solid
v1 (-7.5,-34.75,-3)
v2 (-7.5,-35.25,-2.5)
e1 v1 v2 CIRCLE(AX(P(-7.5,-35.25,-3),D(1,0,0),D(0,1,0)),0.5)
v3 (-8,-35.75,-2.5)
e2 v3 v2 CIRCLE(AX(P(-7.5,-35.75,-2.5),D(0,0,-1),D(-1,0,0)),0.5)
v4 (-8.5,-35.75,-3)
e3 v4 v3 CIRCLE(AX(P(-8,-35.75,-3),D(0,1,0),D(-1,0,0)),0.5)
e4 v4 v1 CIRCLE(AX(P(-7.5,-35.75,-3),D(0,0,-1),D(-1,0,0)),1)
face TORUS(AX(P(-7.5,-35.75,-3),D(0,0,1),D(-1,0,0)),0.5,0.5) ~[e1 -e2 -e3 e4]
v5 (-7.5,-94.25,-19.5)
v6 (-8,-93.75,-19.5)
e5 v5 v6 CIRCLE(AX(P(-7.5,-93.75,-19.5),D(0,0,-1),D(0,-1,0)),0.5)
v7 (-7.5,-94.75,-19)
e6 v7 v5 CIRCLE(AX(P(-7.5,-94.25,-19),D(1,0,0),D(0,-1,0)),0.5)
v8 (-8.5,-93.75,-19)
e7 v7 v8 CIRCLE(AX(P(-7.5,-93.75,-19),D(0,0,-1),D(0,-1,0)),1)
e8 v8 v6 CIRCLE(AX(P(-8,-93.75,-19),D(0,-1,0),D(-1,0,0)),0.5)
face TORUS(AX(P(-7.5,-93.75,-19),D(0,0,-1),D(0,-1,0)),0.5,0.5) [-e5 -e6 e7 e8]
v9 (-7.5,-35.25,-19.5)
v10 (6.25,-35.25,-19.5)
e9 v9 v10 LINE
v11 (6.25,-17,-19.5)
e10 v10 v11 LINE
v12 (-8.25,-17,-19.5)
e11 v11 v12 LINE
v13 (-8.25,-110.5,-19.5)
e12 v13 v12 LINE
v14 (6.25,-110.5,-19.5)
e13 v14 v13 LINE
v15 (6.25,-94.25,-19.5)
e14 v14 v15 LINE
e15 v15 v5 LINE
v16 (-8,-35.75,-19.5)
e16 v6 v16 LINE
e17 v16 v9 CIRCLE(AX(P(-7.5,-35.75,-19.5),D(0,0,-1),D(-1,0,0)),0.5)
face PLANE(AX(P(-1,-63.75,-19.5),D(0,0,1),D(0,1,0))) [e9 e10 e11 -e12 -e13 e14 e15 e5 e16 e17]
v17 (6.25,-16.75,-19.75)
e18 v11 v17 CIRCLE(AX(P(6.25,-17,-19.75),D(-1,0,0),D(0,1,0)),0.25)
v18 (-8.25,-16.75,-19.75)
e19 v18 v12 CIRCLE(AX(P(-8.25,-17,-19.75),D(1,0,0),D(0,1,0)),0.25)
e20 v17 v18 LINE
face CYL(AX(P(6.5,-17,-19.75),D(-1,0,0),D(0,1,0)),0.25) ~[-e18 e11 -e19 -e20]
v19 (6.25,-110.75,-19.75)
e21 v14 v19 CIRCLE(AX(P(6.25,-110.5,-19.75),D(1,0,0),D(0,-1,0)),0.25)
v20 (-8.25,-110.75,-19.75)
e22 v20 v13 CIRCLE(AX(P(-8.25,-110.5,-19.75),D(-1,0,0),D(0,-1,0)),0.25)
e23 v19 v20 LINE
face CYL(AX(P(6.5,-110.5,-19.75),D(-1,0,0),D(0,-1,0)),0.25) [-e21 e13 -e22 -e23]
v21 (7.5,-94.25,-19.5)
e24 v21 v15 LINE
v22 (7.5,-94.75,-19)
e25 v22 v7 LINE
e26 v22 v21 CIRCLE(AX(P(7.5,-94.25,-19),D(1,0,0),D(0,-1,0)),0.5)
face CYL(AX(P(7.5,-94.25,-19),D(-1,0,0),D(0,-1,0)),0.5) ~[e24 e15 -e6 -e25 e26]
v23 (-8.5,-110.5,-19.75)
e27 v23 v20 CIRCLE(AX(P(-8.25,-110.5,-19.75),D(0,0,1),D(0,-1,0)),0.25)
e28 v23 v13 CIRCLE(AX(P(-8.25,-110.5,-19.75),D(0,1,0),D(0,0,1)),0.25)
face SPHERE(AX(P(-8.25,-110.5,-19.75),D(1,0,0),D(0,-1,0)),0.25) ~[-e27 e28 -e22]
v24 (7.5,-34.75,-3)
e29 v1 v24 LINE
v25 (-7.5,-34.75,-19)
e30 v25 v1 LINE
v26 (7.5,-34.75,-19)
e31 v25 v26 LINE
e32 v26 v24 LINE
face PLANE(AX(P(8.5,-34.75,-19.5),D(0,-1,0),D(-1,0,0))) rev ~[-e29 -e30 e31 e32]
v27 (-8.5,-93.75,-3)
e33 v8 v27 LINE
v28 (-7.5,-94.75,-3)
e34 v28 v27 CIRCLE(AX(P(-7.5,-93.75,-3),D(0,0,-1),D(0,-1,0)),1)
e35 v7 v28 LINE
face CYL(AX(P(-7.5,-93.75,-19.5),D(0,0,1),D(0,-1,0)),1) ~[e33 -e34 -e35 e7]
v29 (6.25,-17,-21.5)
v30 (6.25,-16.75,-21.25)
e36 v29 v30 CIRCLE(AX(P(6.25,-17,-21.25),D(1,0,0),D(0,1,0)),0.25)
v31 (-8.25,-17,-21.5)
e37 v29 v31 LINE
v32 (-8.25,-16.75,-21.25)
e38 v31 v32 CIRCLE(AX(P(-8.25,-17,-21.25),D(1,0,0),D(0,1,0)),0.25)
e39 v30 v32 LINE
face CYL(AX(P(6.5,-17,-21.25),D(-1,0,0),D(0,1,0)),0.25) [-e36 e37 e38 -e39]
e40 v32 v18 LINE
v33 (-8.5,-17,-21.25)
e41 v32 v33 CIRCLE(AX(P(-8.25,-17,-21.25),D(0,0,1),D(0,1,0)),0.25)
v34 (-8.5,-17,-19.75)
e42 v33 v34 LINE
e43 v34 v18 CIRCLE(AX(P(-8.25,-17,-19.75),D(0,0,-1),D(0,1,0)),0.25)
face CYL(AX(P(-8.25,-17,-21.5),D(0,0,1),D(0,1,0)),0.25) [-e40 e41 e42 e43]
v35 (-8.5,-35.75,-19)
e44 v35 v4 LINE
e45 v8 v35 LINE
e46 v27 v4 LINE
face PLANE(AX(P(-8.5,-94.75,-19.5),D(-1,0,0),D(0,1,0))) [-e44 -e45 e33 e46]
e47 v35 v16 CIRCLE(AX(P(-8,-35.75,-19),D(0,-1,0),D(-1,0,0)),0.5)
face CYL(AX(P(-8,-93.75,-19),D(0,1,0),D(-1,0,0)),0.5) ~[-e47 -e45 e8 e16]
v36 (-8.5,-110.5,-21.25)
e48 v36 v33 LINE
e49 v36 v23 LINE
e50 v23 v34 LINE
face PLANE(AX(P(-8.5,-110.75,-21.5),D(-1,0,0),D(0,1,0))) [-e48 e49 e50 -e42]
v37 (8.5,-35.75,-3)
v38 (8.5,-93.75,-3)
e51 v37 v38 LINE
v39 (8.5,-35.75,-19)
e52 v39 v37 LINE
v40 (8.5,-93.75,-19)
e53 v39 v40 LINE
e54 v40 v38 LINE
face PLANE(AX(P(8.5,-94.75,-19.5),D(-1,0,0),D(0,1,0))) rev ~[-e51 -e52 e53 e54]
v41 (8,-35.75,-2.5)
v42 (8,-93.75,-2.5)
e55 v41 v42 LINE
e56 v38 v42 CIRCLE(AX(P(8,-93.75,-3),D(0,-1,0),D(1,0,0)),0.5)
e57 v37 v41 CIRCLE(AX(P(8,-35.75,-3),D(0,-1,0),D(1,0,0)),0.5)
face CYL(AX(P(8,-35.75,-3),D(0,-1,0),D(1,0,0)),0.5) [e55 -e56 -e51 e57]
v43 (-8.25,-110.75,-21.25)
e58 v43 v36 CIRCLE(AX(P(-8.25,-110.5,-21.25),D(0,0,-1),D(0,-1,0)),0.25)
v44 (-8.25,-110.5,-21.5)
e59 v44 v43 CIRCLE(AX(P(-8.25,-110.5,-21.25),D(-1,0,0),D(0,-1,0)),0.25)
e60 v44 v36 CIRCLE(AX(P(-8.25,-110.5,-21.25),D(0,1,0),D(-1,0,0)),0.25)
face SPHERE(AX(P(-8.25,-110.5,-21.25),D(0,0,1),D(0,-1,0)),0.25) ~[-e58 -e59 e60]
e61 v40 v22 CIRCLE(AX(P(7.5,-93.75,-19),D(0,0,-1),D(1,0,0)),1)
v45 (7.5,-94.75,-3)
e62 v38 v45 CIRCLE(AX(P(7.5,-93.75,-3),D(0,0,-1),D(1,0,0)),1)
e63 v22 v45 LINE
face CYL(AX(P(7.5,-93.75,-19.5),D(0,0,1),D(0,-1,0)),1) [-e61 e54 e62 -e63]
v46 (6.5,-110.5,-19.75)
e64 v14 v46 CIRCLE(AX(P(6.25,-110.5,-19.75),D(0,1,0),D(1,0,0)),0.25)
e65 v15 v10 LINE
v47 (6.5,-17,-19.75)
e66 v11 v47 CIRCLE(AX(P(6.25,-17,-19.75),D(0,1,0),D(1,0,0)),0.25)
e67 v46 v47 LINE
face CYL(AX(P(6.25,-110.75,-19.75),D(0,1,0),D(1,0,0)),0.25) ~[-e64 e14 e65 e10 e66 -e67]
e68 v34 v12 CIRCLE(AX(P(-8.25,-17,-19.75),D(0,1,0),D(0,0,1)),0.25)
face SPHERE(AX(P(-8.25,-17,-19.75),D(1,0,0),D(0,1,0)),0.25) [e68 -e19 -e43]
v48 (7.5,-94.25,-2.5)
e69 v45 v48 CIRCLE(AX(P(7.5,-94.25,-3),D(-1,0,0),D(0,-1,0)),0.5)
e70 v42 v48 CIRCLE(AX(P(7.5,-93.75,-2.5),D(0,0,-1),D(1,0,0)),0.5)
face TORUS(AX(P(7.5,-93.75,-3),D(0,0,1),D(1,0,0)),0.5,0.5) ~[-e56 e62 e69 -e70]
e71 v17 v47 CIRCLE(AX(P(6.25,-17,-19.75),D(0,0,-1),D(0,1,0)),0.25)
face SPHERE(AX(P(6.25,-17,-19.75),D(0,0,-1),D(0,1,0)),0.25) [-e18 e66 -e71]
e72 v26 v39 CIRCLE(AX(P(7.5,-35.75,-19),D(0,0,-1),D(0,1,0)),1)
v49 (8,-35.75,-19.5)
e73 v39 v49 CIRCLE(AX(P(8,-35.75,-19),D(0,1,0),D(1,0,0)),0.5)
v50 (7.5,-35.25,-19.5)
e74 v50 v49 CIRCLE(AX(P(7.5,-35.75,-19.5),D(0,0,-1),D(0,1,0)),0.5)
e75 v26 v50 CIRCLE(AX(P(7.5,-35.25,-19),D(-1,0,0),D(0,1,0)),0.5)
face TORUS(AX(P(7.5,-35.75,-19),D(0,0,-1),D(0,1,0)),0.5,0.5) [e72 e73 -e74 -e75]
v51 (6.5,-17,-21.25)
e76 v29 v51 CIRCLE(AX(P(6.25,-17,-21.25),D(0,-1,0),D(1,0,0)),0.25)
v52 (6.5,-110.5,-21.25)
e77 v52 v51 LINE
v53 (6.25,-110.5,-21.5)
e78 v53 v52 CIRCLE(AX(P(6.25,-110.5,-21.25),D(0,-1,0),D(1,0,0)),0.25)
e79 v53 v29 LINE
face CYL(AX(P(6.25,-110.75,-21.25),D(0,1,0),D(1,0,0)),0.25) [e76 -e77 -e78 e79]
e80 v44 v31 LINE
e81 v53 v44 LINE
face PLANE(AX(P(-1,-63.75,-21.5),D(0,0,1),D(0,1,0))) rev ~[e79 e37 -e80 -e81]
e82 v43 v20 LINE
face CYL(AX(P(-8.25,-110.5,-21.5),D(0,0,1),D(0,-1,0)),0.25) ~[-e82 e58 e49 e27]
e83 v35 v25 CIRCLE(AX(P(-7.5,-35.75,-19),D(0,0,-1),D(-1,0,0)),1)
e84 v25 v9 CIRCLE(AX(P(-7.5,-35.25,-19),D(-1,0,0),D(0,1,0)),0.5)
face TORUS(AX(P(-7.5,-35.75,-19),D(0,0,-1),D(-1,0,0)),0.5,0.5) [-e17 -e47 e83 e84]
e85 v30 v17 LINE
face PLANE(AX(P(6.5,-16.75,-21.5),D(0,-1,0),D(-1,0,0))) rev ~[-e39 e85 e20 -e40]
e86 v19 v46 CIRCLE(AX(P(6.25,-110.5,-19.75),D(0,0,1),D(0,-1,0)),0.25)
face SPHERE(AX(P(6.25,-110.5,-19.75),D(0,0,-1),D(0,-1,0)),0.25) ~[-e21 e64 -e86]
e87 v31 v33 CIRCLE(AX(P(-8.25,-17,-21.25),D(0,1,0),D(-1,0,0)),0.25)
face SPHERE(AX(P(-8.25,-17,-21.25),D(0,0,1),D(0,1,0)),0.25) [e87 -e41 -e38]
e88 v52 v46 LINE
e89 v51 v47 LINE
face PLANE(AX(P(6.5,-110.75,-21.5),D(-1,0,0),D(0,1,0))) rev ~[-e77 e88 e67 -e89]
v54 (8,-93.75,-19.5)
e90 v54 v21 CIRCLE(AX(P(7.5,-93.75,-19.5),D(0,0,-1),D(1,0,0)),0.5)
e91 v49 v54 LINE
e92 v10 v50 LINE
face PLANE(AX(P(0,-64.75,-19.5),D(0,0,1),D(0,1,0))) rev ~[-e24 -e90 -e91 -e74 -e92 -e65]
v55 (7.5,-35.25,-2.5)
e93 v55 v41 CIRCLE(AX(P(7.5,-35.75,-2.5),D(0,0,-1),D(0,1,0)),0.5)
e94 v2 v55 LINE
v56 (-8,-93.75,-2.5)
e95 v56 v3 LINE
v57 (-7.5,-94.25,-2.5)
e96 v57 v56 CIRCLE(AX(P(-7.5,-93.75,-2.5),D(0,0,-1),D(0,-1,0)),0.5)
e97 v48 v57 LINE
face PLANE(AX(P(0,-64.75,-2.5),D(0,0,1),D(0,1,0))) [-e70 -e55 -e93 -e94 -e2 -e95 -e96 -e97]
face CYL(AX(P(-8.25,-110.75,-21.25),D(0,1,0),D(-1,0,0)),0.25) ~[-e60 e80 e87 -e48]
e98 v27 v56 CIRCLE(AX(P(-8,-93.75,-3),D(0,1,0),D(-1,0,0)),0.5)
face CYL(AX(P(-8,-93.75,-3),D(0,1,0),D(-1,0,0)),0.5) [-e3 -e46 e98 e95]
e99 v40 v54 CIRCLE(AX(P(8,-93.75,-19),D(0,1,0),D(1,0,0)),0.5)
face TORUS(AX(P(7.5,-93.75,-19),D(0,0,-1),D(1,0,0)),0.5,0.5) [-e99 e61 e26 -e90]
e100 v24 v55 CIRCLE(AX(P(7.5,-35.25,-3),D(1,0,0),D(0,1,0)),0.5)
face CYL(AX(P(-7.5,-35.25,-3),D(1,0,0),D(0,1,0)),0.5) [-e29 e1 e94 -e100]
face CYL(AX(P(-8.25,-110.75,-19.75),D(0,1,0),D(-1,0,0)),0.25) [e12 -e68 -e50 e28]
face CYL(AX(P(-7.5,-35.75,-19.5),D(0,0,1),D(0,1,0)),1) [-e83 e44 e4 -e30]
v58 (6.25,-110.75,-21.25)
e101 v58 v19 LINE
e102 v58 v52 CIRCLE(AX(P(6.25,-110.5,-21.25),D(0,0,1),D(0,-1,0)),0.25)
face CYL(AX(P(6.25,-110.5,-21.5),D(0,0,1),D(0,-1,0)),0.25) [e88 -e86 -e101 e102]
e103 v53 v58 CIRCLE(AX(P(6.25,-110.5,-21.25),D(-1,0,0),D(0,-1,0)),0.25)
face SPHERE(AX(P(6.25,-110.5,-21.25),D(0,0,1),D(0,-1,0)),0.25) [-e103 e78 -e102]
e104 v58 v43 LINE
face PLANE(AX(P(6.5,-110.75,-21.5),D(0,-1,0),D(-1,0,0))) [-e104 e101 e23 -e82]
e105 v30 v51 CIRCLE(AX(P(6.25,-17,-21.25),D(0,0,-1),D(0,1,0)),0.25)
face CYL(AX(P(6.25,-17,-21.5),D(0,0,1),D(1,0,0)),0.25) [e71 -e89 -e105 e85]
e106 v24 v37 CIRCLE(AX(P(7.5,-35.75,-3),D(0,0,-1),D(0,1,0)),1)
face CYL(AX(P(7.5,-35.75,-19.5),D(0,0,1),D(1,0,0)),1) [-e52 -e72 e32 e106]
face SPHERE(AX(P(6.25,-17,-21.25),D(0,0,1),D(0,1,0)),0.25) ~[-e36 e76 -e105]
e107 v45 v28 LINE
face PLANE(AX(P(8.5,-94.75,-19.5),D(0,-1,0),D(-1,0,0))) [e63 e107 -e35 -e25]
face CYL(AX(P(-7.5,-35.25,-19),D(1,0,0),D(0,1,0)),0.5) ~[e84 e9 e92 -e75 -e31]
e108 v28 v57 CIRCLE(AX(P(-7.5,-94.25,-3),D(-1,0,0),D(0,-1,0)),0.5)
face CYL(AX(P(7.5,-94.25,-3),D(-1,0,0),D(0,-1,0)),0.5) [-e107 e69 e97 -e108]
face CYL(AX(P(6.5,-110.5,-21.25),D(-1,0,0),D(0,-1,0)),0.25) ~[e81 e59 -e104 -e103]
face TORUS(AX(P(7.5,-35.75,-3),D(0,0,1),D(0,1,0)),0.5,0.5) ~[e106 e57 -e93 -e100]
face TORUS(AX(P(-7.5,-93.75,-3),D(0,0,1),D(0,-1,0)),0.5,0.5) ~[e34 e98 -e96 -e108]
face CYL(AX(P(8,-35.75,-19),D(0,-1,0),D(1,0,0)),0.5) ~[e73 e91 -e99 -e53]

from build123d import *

# Parameters (mm, degrees)
BOX009_W                  = 94
BOX009_H                  = 15
BOX009_DEPTH              = 2
FILLET005_R               = 0.25
FILLET005_PLACEMENT_ANGLE = 90
BOX_W                     = 60
BOX_H                     = 17
BOX_DEPTH                 = 17
FILLET001_R               = 1
FILLET004_R               = 0.5
FILLET004_PLACEMENT_ANGLE = 90


with BuildPart() as vrm_cooler_contact001:
    # Box009 → Box009 (new body)
    with BuildSketch(Plane(origin=(-94, -6.5, -2), x_dir=(1, 0, 0), z_dir=(0, 0, 1))):
        with Locations((47, 7.5)):
            Rectangle(BOX009_W, BOX009_H)
    extrude(amount=BOX009_DEPTH)

    # Fillet005
    fillet005_edges = [vrm_cooler_contact001.edges().sort_by_distance(p)[0] for p in [
        (-94, -6.5, -1),
        (-94, 1, 0),
        (-94, 8.5, -1),
        (-94, 1, -2),
        (0, -6.5, -1),
        (0, 1, 0),
        (0, 8.5, -1),
        (0, 1, -2),
        (-47, -6.5, -2),
        (-47, -6.5, 0),
        (-47, 8.5, -2),
        (-47, 8.5, 0),
    ]]
    fillet(fillet005_edges, radius=FILLET005_R)


with BuildPart() as vrm_cooler_contact001_1:
    # Fillet005 placement: moved
    add(vrm_cooler_contact001.part.moved(Location((0, -16.75, -19.5))).rotate(Axis((0, -16.75, -19.5), (0, 0, 1)), FILLET005_PLACEMENT_ANGLE))


with BuildPart() as fusion034:
    # Box → Box (new body)
    with BuildSketch(Plane(origin=(0, -8.5, -17), x_dir=(1, 0, 0), z_dir=(0, 0, 1))):
        with Locations((30, 8.5)):
            Rectangle(BOX_W, BOX_H)
    extrude(amount=BOX_DEPTH)

    # Fillet001
    fillet001_edges = [fusion034.edges().sort_by_distance(p)[0] for p in [
        (0, -8.5, -8.5),
        (0, 8.5, -8.5),
        (60, -8.5, -8.5),
        (60, 8.5, -8.5),
    ]]
    fillet(fillet001_edges, radius=FILLET001_R)

    # Fillet004
    fillet004_edges = [fusion034.edges().sort_by_distance(p)[0] for p in [
        (0, 0, 0),
        (0, 0, -17),
        (30, -8.5, 0),
        (30, 8.5, 0),
        (60, 0, 0),
        (30, -8.5, -17),
        (30, 8.5, -17),
        (60, 0, -17),
    ]]
    fillet(fillet004_edges, radius=FILLET004_R)


with BuildPart() as fusion034_1:
    # Fillet004 placement: moved
    add(fusion034.part.moved(Location((0, -94.75, -2.5))).rotate(Axis((0, -94.75, -2.5), (0, 0, 1)), FILLET004_PLACEMENT_ANGLE))

    # Fusion034: union VRM-Cooler-Contact001
    add(vrm_cooler_contact001_1.part)


solid = fusion034_1.part
